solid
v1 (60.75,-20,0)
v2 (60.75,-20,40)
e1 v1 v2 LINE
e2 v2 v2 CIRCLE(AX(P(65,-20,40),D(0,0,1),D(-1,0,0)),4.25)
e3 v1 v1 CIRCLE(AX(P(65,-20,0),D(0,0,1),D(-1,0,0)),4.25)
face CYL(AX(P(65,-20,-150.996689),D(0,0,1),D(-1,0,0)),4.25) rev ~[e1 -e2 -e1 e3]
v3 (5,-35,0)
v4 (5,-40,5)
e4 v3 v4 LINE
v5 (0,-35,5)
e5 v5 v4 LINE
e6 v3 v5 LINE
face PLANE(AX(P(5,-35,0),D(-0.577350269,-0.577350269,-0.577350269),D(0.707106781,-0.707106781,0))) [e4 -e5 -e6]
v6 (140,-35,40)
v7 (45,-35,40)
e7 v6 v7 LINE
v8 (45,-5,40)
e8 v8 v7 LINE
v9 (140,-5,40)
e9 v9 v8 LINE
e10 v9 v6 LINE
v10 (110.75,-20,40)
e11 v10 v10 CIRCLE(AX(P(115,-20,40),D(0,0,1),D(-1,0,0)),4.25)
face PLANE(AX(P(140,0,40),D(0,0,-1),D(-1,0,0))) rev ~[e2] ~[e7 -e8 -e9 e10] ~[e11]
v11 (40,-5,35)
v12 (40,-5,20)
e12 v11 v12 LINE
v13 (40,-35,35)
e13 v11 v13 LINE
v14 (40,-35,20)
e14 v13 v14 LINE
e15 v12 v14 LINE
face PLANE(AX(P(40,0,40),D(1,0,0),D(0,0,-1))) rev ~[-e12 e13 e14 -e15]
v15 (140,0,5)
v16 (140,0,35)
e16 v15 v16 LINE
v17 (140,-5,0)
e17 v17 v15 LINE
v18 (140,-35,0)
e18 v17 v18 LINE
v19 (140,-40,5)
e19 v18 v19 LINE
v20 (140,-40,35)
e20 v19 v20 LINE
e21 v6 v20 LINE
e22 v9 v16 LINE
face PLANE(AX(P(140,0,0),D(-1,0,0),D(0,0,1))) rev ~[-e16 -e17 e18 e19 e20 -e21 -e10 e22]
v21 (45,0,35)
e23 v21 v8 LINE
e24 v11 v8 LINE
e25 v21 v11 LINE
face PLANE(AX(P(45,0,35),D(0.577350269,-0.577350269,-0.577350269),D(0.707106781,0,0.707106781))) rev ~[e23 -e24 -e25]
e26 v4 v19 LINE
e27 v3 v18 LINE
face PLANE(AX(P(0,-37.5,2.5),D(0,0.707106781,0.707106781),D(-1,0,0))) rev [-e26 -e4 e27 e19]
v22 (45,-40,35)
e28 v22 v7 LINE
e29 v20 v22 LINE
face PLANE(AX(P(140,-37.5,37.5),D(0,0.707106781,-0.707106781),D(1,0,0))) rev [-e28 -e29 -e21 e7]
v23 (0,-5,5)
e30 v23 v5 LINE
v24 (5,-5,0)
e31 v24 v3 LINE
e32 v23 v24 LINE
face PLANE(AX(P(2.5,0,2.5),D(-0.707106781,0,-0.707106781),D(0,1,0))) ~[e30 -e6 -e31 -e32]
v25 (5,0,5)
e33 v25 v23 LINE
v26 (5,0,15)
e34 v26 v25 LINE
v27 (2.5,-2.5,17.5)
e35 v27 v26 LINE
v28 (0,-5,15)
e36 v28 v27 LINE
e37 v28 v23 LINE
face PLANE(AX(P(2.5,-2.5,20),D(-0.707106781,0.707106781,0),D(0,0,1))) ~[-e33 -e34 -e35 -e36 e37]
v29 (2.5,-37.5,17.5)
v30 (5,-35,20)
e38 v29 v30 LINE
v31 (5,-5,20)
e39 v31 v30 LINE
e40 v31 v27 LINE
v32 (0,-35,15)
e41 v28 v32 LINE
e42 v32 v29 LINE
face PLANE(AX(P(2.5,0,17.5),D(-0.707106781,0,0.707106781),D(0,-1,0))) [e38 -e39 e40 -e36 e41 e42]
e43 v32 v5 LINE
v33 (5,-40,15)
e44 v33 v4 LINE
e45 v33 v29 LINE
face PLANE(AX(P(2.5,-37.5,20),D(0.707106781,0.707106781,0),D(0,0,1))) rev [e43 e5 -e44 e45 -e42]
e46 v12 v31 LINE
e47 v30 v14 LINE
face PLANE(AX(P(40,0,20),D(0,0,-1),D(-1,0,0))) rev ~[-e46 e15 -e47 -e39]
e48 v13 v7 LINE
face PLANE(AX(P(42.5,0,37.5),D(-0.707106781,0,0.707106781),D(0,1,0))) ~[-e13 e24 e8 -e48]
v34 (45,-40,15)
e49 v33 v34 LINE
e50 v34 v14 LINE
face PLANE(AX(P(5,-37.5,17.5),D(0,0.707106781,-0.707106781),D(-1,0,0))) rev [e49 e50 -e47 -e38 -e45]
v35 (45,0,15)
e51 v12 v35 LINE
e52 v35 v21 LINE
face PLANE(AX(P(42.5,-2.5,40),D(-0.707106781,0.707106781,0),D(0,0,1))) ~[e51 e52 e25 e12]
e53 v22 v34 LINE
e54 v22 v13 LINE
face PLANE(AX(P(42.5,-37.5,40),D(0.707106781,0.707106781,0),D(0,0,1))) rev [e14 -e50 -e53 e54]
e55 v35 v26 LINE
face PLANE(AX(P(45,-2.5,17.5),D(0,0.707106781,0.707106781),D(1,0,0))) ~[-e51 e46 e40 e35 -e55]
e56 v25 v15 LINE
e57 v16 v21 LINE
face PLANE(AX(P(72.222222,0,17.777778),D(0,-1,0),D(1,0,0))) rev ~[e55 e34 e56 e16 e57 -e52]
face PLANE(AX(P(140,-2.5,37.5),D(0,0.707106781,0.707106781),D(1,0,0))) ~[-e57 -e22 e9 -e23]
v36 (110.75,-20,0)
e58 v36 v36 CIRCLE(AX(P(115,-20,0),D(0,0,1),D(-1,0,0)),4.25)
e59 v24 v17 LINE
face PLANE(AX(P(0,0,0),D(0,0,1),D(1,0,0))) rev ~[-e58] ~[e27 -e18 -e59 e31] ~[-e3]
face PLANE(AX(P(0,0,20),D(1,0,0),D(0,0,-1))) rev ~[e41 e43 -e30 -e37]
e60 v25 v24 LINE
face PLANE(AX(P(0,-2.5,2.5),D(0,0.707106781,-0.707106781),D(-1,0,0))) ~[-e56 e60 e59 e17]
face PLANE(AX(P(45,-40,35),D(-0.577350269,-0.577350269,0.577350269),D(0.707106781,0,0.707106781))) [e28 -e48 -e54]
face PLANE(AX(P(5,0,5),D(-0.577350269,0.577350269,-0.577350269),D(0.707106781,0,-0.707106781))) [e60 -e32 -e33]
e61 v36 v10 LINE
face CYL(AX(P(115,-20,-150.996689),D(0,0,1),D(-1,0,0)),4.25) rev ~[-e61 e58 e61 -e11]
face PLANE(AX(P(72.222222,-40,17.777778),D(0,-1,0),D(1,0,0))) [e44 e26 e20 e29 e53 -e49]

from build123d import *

# Parameters (mm, degrees)
F1_DEPTH = 40
F2_SIZE  = 5
F4_D     = 8.5
F6_D     = 8.5
F7_SIZE  = 5
F8_SIZE  = 5


with BuildPart() as f1:
    # F0 (on Front) → F1 (new body)
    with BuildSketch(Plane.XZ):
        Polygon((0, 20), (0, 0), (140, 0), (140, 40), (40, 40), (40, 20), align=None)
    extrude(amount=F1_DEPTH)

    # F2
    f2_edges = [f1.edges().sort_by_distance(p)[0] for p in [
        (40, -20, 40),
        (40, -40, 30),
        (40, 0, 30),
        (0, -20, 20),
        (0, -40, 10),
        (0, -20, 0),
        (0, 0, 10),
        (90, -40, 40),
        (70, -40, 0),
        (90, 0, 40),
        (70, 0, 0),
    ]]
    chamfer(f2_edges, length=F2_SIZE)

    # F4 (through all)
    with Locations(Plane(origin=(0, 0, 0), x_dir=(1, 0, 0), z_dir=(0, 0, -1))):
        with Locations((115, 20)):
            Hole(F4_D / 2)

    # F6 (through all)
    with Locations(Plane(origin=(0, 0, 0), x_dir=(1, 0, 0), z_dir=(0, 0, -1))):
        with Locations((65, 20)):
            Hole(F6_D / 2)

    # F7
    f7_edges = [f1.edges().sort_by_distance(p)[0] for p in [
        (25, 0, 20),
    ]]
    chamfer(f7_edges, length=F7_SIZE)

    # F8
    f8_edges = [f1.edges().sort_by_distance(p)[0] for p in [
        (25, -40, 20),
    ]]
    chamfer(f8_edges, length=F8_SIZE)


solid = f1.part
